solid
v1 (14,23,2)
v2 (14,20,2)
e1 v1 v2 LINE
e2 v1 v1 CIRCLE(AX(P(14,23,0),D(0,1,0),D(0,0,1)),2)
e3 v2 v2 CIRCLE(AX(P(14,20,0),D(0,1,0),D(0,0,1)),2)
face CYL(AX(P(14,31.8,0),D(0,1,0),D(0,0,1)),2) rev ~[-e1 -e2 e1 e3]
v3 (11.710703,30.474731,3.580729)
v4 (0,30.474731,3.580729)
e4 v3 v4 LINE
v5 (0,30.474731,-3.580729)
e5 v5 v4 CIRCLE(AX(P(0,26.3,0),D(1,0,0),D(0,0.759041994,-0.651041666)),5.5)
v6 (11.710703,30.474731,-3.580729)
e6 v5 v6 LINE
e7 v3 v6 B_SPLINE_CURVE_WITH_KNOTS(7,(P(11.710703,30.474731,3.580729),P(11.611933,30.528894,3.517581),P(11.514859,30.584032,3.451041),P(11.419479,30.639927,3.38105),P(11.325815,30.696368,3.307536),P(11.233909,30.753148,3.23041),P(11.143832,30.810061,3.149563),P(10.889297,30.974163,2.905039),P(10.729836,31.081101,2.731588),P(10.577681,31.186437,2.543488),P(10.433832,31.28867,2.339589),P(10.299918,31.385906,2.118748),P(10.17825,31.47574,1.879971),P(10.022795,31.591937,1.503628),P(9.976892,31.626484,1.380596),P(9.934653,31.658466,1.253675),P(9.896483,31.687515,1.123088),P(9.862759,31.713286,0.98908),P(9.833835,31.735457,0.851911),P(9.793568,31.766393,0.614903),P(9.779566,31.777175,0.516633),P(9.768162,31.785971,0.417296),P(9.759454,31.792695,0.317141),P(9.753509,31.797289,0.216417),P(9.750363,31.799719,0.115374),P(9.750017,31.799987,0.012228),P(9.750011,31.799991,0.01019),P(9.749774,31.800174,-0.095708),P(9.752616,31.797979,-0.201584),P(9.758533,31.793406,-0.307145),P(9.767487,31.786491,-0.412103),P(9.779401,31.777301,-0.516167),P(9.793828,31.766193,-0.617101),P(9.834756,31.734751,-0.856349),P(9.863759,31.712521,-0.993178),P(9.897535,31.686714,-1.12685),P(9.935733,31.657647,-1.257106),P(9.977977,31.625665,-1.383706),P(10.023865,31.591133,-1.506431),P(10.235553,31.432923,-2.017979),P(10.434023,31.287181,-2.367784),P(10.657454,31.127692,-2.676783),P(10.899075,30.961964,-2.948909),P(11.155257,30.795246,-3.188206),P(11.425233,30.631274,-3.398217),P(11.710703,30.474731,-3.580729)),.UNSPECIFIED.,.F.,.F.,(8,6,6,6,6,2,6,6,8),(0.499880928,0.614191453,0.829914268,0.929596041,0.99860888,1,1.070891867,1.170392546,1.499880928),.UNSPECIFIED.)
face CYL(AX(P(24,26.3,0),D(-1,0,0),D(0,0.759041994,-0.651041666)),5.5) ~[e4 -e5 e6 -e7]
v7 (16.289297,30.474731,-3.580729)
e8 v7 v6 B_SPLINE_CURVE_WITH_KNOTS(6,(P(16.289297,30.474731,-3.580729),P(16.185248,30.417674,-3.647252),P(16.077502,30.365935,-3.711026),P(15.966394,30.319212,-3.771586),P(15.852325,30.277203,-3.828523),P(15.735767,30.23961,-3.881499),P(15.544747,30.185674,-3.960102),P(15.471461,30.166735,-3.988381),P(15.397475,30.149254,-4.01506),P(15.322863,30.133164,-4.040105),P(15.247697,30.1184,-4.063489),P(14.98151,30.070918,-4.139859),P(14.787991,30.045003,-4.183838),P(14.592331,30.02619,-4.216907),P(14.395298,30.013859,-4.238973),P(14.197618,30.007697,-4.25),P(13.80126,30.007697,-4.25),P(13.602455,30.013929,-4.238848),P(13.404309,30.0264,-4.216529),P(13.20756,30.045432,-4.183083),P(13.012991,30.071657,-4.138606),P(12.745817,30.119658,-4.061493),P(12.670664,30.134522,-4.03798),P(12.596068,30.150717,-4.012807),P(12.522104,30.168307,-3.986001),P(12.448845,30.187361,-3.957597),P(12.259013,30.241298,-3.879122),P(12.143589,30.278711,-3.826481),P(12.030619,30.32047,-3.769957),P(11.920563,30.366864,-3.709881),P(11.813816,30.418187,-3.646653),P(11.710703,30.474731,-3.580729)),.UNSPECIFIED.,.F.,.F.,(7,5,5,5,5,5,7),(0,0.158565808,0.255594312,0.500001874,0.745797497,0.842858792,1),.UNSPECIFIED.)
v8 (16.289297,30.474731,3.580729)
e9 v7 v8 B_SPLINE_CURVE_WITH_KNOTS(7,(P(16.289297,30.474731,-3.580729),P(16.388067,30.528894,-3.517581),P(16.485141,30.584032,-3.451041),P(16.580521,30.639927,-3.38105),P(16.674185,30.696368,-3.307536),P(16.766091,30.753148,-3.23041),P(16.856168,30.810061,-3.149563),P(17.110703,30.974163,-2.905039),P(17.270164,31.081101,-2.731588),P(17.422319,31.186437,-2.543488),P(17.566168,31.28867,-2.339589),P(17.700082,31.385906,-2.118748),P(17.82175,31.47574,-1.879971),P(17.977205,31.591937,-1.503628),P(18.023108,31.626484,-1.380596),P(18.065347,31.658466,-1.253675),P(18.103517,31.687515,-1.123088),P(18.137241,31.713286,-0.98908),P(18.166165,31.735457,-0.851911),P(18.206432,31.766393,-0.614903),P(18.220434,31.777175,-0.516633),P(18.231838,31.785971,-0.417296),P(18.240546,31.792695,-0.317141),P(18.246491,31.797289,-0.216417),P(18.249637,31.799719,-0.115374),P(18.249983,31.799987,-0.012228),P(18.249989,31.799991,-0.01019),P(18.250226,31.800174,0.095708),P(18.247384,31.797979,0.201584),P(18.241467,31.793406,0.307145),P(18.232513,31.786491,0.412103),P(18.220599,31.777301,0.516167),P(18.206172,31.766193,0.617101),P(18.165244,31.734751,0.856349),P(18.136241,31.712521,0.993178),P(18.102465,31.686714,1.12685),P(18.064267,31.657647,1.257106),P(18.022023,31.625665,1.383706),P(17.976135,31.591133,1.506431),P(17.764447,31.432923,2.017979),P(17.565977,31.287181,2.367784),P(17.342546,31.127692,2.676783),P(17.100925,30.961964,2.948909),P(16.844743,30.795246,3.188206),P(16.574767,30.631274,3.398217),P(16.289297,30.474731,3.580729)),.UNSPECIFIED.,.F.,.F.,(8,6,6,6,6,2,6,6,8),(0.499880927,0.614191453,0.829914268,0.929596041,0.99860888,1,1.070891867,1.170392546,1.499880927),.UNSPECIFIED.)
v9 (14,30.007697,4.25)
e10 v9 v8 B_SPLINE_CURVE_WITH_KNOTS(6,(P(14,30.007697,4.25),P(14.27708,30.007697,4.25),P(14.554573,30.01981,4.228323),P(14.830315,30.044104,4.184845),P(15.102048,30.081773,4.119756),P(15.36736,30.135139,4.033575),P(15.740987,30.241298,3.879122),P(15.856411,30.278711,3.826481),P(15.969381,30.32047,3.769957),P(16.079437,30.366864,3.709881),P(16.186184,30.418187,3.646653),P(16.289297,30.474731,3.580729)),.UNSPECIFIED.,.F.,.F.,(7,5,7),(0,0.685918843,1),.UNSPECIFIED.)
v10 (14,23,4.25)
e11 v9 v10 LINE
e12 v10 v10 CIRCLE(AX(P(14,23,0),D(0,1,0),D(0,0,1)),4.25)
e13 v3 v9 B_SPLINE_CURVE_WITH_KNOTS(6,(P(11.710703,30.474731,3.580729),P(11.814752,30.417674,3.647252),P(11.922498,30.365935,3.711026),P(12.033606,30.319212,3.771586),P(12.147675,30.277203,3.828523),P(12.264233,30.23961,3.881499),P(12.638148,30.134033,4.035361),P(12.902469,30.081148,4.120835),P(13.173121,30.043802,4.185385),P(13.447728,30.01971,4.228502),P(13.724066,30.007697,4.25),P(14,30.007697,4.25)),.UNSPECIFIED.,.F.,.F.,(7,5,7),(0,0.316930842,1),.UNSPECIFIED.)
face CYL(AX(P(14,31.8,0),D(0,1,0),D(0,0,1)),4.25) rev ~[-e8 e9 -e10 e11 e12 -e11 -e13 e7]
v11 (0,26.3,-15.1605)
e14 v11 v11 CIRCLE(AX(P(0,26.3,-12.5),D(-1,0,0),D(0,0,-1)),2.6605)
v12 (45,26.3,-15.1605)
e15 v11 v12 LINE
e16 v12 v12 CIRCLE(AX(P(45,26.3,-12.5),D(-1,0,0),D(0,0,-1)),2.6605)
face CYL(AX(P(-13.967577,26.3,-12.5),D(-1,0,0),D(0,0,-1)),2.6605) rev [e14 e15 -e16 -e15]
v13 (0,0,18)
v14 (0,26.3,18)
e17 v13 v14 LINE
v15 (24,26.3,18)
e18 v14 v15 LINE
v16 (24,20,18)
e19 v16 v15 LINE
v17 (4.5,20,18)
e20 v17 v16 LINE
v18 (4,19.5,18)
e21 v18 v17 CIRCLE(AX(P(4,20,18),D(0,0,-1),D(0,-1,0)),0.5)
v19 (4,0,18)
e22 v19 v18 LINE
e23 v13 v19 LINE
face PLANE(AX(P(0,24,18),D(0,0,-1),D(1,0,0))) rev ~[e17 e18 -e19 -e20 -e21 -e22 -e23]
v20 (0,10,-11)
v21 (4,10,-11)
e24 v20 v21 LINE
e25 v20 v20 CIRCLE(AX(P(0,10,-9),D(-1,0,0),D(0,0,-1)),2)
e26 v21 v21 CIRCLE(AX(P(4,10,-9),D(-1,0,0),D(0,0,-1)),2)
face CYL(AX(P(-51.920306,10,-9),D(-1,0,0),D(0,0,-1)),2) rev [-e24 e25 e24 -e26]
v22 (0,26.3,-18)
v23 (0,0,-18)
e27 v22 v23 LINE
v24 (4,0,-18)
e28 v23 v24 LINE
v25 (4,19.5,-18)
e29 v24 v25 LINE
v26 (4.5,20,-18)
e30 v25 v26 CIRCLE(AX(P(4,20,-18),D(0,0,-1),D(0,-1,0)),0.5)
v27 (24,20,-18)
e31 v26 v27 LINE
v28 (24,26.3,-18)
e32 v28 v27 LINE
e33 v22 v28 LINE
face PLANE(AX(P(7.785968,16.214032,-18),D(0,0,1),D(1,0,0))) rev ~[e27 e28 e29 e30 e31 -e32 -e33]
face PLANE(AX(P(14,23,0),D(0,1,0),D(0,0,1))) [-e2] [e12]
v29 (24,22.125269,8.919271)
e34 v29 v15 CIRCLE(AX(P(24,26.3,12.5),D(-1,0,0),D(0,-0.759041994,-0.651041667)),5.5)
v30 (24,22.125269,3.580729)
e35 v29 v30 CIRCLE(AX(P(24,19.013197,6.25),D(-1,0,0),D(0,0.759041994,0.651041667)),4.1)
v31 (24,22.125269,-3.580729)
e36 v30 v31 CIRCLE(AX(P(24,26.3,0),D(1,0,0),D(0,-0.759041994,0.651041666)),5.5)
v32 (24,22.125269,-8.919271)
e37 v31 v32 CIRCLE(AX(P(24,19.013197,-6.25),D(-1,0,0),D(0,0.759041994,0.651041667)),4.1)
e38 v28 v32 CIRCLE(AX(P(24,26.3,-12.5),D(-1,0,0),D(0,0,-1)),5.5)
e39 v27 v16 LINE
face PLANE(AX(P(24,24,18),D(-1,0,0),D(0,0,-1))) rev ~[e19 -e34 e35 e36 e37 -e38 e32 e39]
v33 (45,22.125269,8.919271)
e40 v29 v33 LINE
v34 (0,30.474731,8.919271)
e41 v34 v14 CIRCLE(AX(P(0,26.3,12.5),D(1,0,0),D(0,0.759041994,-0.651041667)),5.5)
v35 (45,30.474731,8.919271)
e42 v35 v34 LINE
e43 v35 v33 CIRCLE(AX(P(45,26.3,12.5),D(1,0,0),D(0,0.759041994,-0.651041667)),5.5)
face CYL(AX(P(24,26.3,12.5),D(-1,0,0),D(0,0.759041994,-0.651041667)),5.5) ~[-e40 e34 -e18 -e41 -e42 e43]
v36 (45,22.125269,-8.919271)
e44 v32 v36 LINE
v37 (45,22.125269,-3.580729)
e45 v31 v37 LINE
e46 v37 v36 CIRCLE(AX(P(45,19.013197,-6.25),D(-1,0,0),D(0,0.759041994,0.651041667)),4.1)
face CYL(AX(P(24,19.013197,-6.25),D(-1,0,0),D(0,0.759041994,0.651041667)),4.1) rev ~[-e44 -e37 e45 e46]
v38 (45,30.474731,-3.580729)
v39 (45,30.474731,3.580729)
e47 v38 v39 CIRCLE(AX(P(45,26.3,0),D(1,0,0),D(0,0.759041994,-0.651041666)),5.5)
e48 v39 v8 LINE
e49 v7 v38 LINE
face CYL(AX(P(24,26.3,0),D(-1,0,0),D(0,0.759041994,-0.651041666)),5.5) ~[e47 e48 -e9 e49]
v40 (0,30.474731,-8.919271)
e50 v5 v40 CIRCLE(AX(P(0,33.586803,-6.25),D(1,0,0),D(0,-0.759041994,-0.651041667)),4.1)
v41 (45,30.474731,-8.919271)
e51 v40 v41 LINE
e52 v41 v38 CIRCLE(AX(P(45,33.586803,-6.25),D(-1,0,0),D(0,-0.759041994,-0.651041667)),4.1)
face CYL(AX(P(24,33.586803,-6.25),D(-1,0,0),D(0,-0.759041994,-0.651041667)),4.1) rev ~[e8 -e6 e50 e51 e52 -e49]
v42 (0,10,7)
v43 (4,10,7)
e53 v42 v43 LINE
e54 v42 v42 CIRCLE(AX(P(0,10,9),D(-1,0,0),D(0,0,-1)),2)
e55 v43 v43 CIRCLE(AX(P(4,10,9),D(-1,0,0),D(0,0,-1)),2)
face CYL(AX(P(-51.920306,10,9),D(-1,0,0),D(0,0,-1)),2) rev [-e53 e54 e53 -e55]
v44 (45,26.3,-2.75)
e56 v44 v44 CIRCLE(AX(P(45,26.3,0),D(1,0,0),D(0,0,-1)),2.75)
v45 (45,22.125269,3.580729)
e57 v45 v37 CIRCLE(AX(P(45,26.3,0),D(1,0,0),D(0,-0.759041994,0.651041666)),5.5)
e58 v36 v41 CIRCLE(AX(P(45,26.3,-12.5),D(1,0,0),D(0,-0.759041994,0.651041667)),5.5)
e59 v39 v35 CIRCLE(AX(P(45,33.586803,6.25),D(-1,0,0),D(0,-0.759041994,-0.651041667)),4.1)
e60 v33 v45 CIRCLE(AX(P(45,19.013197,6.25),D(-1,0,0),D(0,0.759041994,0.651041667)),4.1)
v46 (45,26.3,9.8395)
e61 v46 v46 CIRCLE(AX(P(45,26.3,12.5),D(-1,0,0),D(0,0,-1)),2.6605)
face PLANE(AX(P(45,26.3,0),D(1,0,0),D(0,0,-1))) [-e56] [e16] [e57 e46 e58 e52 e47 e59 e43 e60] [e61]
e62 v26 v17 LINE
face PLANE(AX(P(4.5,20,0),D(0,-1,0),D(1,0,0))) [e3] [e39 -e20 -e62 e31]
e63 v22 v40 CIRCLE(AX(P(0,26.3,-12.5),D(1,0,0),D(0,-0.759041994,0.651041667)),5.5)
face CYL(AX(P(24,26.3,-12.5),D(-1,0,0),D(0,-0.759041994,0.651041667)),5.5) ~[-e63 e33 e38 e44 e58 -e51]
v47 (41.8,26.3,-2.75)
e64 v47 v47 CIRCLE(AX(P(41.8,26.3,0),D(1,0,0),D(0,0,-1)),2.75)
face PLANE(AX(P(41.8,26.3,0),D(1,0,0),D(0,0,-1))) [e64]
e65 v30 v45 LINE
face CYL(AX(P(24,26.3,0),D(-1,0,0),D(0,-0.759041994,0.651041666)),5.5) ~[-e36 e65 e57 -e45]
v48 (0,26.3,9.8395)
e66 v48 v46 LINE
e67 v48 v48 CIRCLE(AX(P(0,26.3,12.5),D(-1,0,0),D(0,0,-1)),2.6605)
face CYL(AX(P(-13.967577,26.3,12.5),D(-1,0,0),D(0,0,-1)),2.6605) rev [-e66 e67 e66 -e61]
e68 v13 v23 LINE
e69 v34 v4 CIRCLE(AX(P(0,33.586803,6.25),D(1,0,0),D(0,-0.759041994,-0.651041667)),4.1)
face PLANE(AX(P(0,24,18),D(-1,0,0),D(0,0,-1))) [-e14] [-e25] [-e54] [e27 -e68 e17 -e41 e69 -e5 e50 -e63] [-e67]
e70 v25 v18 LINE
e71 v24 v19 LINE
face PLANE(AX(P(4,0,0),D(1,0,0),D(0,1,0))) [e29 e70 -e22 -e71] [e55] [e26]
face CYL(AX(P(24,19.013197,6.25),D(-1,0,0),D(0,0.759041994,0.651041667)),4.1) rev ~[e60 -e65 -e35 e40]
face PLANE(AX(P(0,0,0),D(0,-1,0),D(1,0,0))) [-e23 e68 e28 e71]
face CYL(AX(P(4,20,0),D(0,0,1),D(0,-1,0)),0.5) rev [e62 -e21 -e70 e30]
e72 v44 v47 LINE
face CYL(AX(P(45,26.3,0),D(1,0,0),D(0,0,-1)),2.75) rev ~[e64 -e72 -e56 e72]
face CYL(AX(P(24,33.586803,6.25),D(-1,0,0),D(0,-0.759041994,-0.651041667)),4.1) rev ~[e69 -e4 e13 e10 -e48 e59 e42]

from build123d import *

# Parameters (mm, degrees)
BOSS_EXTRUDE1_DEPTH             = 18
BOSS_EXTRUDE2_REACH             = 40.419
BOSS_EXTRUDE2_DIRECTION_2_DEPTH = 21
SKETCH10_W                      = 24
SKETCH10_H                      = 36
BOSS_EXTRUDE4_DEPTH             = 2.3
CUT_EXTRUDE1_DEPTH              = 58.967577144
CUT_EXTRUDE1_DEPTH_BACK         = 58.967577144
SKETCH4_R                       = 2.6605
SKETCH4_3_R                     = 2.75
CUT_EXTRUDE2_DEPTH              = 3.2
CUT_EXTRUDE3_DEPTH              = 55.920305899
CUT_EXTRUDE3_DEPTH_BACK         = 55.920305899
SKETCH6_R                       = 2
SKETCH8_R                       = 2
CUT_EXTRUDE4_DEPTH              = 58.967577144
SKETCH8_3_R                     = 4.25
SKETCH8_3_R_2                   = 2
CUT_EXTRUDE5_DEPTH              = 8.8


with BuildPart() as part:
    # Sketch1 → Boss-Extrude1 (new, symmetric)
    with BuildSketch(Plane.XY):
        with BuildLine():
            Line((0, 0), (4, 0))
            Line((4, 0), (4, 19.5))
            ThreePointArc((4, 19.5), (3.646446609, 20.353553391), (4.5, 20))
            Line((4.5, 20), (24, 20))
            Line((24, 20), (24, 24))
            Line((24, 24), (0, 24))
            Line((0, 24), (0, 0))
        make_face()
    extrude(amount=BOSS_EXTRUDE1_DEPTH, both=True)

    # Boss-Extrude2: up to this face of the body (flat: up to its plane)
    boss_extrude2_end = Plane(part.part.faces().sort_by_distance((0, 12, 0))[0])
    # Sketch3 → Boss-Extrude2 (add, up to the picked face)
    with BuildSketch(Plane.ZY.offset(-24), mode=Mode.PRIVATE) as boss_extrude2_sk1:
        with BuildLine():
            ThreePointArc((8.919270833, 22.125269034), (6.25, 23.11319686), (3.580729167, 22.125269034))
            ThreePointArc((3.580729167, 22.125269034), (0, 20.8), (-3.580729167, 22.125269034))
            ThreePointArc((-3.580729167, 22.125269034), (-6.25, 23.11319686), (-8.919270833, 22.125269034))
            ThreePointArc((-8.919270833, 22.125269034), (-18, 26.3), (-8.919270833, 30.474730966))
            ThreePointArc((-8.919270833, 30.474730966), (-6.25, 29.48680314), (-3.580729167, 30.474730966))
            ThreePointArc((-3.580729167, 30.474730966), (0, 31.8), (3.580729167, 30.474730966))
            ThreePointArc((3.580729167, 30.474730966), (6.25, 29.48680314), (8.919270833, 30.474730966))
            ThreePointArc((8.919270833, 30.474730966), (18, 26.3), (8.919270833, 22.125269034))
        make_face()
    boss_extrude2_tool1 = split(extrude(boss_extrude2_sk1.sketch, amount=BOSS_EXTRUDE2_REACH, mode=Mode.PRIVATE), bisect_by=boss_extrude2_end, keep=Keep.BOTH, mode=Mode.PRIVATE)
    add(boss_extrude2_tool1.solids().sort_by(Axis((24, 26.3, 0), (-1, 0, 0)))[0])

    # Sketch3 → Boss-Extrude2 direction 2 (add)
    with BuildSketch(Plane.ZY.offset(-24)):
        with BuildLine():
            ThreePointArc((8.919270833, 22.125269034), (6.25, 23.11319686), (3.580729167, 22.125269034))
            ThreePointArc((3.580729167, 22.125269034), (0, 20.8), (-3.580729167, 22.125269034))
            ThreePointArc((-3.580729167, 22.125269034), (-6.25, 23.11319686), (-8.919270833, 22.125269034))
            ThreePointArc((-8.919270833, 22.125269034), (-18, 26.3), (-8.919270833, 30.474730966))
            ThreePointArc((-8.919270833, 30.474730966), (-6.25, 29.48680314), (-3.580729167, 30.474730966))
            ThreePointArc((-3.580729167, 30.474730966), (0, 31.8), (3.580729167, 30.474730966))
            ThreePointArc((3.580729167, 30.474730966), (6.25, 29.48680314), (8.919270833, 30.474730966))
            ThreePointArc((8.919270833, 30.474730966), (18, 26.3), (8.919270833, 22.125269034))
        make_face()
    extrude(amount=-BOSS_EXTRUDE2_DIRECTION_2_DEPTH)

    # Sketch10 → Boss-Extrude4 (add)
    with BuildSketch(Plane(origin=(0, 24, 0), x_dir=(1, 0, 0), z_dir=(0, 1, 0))):
        with Locations((12, 0)):
            Rectangle(SKETCH10_W, SKETCH10_H)
    extrude(amount=BOSS_EXTRUDE4_DEPTH)

    # Sketch4 → Cut-Extrude1 (cut, two sides: drawn at the far end of the back side and taken through both)
    with BuildSketch(Plane(origin=(45, 0, 0), x_dir=(0, 0, -1), z_dir=(1, 0, 0)).offset(-CUT_EXTRUDE1_DEPTH_BACK)):
        with Locations((-12.5, 26.3)):
            Circle(SKETCH4_R)
        with Locations((12.5, 26.3)):
            Circle(SKETCH4_R)
    extrude(amount=CUT_EXTRUDE1_DEPTH + CUT_EXTRUDE1_DEPTH_BACK, mode=Mode.SUBTRACT)

    # Sketch4<3> → Cut-Extrude2 (cut)
    with BuildSketch(Plane(origin=(45, 0, 0), x_dir=(0, 0, -1), z_dir=(1, 0, 0))):
        with Locations((0, 26.3)):
            Circle(SKETCH4_3_R)
    extrude(amount=-CUT_EXTRUDE2_DEPTH, mode=Mode.SUBTRACT)

    # Sketch6 → Cut-Extrude3 (cut, two sides: drawn at the far end of the back side and taken through both)
    with BuildSketch(Plane(origin=(4, 0, 0), x_dir=(0, 0, -1), z_dir=(1, 0, 0)).offset(-CUT_EXTRUDE3_DEPTH_BACK)):
        with Locations((-9, 10)):
            Circle(SKETCH6_R)
        with Locations((9, 10)):
            Circle(SKETCH6_R)
    extrude(amount=CUT_EXTRUDE3_DEPTH + CUT_EXTRUDE3_DEPTH_BACK, mode=Mode.SUBTRACT)

    # Sketch8 → Cut-Extrude4 (cut, through all)
    with BuildSketch(Plane(origin=(0, 31.8, 0), x_dir=(1, 0, 0), z_dir=(0, 1, 0))):
        with Locations(Location((14, 0, 0), (0, 0, 270))):
            Circle(SKETCH8_R)
    extrude(amount=-CUT_EXTRUDE4_DEPTH, mode=Mode.SUBTRACT)

    # Sketch8<3> → Cut-Extrude5 (cut)
    with BuildSketch(Plane(origin=(0, 31.8, 0), x_dir=(1, 0, 0), z_dir=(0, 1, 0))):
        with Locations(Location((14, 0, 0), (0, 0, 270))):
            Circle(SKETCH8_3_R)
        with Locations(Location((14, 0, 0), (0, 0, 270))):
            Circle(SKETCH8_3_R_2, mode=Mode.SUBTRACT)
    extrude(amount=-CUT_EXTRUDE5_DEPTH, mode=Mode.SUBTRACT)


solid = part.part
